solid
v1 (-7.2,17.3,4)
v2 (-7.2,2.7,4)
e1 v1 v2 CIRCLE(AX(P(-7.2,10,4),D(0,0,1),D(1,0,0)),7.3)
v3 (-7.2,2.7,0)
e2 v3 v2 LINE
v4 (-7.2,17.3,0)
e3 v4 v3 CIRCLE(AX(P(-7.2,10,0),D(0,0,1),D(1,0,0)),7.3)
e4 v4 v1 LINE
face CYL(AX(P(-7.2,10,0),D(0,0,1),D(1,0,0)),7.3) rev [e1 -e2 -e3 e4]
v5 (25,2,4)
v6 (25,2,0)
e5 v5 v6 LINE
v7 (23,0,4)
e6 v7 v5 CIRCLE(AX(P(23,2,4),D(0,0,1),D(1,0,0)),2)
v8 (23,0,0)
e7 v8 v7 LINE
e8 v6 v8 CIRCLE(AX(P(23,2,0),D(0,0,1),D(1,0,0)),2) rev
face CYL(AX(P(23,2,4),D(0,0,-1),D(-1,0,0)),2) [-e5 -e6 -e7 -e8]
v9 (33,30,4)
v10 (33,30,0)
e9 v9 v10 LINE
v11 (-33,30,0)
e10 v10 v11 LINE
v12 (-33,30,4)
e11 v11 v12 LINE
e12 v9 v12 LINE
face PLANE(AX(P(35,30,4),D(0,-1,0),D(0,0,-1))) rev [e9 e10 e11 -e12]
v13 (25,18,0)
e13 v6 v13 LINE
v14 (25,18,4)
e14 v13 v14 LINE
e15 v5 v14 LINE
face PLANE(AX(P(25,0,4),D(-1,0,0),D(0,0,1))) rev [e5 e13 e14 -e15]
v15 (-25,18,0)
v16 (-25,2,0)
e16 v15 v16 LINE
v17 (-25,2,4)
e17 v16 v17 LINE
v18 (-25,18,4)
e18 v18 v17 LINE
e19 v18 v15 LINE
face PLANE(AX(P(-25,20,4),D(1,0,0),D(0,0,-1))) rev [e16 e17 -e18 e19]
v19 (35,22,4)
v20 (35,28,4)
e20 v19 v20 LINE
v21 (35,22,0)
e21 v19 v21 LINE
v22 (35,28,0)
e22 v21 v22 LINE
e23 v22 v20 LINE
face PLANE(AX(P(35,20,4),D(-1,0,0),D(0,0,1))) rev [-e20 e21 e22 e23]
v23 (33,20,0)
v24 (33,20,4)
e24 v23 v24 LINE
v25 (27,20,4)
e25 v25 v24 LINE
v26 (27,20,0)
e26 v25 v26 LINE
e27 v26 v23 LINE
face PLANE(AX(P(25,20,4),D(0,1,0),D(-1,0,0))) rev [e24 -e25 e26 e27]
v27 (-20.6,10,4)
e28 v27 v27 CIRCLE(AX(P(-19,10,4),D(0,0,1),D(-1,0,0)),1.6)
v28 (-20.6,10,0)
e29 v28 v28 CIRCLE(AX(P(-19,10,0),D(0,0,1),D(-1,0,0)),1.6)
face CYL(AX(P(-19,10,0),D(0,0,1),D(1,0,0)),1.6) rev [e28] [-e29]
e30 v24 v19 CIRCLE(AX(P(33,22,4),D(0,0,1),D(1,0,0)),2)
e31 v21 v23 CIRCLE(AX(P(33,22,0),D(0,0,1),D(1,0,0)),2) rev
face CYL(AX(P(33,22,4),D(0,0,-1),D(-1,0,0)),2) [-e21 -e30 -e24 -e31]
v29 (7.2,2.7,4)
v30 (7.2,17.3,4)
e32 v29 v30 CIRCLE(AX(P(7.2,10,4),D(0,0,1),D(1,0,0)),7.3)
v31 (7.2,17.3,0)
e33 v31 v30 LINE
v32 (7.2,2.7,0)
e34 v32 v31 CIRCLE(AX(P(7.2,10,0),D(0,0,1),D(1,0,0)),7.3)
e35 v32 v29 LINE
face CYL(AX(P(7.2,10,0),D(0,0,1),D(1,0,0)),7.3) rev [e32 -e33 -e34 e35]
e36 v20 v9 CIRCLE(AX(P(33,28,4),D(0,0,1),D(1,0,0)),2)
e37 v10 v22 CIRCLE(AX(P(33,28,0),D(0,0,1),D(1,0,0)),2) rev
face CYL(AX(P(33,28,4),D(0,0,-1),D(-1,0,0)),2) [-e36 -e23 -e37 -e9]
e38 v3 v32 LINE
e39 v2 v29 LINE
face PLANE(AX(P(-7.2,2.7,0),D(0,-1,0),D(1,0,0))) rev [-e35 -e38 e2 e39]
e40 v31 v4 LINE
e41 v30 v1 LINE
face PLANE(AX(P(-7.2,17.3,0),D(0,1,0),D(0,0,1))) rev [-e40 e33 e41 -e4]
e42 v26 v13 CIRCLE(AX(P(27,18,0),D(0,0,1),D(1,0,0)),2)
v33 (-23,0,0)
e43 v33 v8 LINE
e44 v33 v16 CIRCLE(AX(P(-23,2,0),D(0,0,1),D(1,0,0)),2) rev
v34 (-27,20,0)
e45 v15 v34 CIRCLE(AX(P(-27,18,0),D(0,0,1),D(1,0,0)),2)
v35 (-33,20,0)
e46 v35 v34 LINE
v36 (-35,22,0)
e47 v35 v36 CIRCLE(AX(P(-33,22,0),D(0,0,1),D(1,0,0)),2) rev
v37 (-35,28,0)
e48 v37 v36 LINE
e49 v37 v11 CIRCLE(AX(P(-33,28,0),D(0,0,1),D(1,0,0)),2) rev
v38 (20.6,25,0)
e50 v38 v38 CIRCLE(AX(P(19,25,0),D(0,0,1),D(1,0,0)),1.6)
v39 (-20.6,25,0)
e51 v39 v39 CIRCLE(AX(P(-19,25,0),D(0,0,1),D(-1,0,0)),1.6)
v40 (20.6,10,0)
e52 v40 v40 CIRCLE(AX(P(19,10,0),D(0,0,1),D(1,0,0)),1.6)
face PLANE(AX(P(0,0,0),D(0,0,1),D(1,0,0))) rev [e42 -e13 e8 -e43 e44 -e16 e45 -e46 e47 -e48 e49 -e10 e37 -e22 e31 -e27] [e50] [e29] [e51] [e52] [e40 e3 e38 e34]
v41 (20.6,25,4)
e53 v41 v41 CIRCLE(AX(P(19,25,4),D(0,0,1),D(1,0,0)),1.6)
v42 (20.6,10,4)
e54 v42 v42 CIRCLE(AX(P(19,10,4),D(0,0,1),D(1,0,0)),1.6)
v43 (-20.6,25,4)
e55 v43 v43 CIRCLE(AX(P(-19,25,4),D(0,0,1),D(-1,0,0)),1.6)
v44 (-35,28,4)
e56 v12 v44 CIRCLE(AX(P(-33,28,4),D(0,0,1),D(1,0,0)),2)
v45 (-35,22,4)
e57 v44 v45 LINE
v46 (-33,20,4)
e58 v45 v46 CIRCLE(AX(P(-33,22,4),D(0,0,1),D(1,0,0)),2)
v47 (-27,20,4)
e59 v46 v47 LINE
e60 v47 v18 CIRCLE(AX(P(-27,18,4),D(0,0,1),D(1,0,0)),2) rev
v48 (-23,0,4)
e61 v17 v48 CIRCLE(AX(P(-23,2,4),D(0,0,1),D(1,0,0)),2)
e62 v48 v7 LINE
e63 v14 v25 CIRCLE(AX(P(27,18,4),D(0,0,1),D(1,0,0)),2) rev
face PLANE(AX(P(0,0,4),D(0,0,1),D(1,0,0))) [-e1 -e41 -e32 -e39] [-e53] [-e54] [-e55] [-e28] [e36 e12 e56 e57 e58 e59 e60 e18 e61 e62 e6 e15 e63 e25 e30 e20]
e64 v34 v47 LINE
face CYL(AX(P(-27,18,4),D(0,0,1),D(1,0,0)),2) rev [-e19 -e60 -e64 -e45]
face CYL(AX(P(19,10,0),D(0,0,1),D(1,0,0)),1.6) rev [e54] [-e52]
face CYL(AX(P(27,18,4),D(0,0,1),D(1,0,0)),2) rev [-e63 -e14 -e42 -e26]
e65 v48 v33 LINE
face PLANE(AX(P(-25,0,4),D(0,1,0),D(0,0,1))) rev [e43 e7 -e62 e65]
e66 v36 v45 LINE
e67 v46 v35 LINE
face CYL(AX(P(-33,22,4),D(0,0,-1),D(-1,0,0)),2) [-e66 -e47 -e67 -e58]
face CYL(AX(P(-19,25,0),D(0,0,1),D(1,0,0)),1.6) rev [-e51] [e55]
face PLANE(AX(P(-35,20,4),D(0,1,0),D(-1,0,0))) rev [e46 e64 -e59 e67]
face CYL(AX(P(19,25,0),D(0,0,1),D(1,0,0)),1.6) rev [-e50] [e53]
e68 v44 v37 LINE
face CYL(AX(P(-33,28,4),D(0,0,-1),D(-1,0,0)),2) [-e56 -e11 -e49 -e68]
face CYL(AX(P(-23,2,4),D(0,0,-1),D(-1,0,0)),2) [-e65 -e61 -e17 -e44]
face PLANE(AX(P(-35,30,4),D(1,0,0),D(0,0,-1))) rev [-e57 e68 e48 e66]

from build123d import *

# Parameters (mm, degrees)
EXTRUDE_1_DEPTH     = 4
SKETCH_2_R          = 1.6
CUT_EXTRUDE_1_DEPTH = 5
CUT_EXTRUDE_2_DEPTH = 5
FILLET_1_R          = 2


with BuildPart() as part:
    # 草图1 → 凸台-拉伸1 (new body)
    with BuildSketch(Plane.XY):
        Polygon((-25, 0), (25, 0), (25, 20), (35, 20), (35, 30), (-35, 30), (-35, 20), (-25, 20), align=None)
    extrude(amount=EXTRUDE_1_DEPTH)

    # 草图2 → 切除-拉伸1 (cut, through all)
    with BuildSketch(Plane.XY.offset(4)):
        with Locations((19, 10)):
            Circle(SKETCH_2_R)
        with Locations((19, 25)):
            Circle(SKETCH_2_R)
        with Locations((-19, 10)):
            Circle(SKETCH_2_R)
        with Locations((-19, 25)):
            Circle(SKETCH_2_R)
    extrude(amount=-CUT_EXTRUDE_1_DEPTH, mode=Mode.SUBTRACT)

    # 草图3 → 切除-拉伸2 (cut, through all)
    with BuildSketch(Plane.XY.offset(4)):
        with BuildLine():
            Line((-7.2, 17.3), (7.2, 17.3))
            ThreePointArc((7.2, 17.3), (14.5, 10), (7.2, 2.7))
            Line((7.2, 2.7), (-7.2, 2.7))
            ThreePointArc((-7.2, 2.7), (-14.5, 10), (-7.2, 17.3))
        make_face()
    extrude(amount=-CUT_EXTRUDE_2_DEPTH, mode=Mode.SUBTRACT)

    # 圆角1
    fillet_1_edges = [part.edges().sort_by_distance(p)[0] for p in [
        (-25, 20, 2),
        (-35, 20, 2),
        (-35, 30, 2),
        (35, 30, 2),
        (35, 20, 2),
        (25, 20, 2),
        (25, 0, 2),
        (-25, 0, 2),
    ]]
    fillet(fillet_1_edges, radius=FILLET_1_R)


solid = part.part
